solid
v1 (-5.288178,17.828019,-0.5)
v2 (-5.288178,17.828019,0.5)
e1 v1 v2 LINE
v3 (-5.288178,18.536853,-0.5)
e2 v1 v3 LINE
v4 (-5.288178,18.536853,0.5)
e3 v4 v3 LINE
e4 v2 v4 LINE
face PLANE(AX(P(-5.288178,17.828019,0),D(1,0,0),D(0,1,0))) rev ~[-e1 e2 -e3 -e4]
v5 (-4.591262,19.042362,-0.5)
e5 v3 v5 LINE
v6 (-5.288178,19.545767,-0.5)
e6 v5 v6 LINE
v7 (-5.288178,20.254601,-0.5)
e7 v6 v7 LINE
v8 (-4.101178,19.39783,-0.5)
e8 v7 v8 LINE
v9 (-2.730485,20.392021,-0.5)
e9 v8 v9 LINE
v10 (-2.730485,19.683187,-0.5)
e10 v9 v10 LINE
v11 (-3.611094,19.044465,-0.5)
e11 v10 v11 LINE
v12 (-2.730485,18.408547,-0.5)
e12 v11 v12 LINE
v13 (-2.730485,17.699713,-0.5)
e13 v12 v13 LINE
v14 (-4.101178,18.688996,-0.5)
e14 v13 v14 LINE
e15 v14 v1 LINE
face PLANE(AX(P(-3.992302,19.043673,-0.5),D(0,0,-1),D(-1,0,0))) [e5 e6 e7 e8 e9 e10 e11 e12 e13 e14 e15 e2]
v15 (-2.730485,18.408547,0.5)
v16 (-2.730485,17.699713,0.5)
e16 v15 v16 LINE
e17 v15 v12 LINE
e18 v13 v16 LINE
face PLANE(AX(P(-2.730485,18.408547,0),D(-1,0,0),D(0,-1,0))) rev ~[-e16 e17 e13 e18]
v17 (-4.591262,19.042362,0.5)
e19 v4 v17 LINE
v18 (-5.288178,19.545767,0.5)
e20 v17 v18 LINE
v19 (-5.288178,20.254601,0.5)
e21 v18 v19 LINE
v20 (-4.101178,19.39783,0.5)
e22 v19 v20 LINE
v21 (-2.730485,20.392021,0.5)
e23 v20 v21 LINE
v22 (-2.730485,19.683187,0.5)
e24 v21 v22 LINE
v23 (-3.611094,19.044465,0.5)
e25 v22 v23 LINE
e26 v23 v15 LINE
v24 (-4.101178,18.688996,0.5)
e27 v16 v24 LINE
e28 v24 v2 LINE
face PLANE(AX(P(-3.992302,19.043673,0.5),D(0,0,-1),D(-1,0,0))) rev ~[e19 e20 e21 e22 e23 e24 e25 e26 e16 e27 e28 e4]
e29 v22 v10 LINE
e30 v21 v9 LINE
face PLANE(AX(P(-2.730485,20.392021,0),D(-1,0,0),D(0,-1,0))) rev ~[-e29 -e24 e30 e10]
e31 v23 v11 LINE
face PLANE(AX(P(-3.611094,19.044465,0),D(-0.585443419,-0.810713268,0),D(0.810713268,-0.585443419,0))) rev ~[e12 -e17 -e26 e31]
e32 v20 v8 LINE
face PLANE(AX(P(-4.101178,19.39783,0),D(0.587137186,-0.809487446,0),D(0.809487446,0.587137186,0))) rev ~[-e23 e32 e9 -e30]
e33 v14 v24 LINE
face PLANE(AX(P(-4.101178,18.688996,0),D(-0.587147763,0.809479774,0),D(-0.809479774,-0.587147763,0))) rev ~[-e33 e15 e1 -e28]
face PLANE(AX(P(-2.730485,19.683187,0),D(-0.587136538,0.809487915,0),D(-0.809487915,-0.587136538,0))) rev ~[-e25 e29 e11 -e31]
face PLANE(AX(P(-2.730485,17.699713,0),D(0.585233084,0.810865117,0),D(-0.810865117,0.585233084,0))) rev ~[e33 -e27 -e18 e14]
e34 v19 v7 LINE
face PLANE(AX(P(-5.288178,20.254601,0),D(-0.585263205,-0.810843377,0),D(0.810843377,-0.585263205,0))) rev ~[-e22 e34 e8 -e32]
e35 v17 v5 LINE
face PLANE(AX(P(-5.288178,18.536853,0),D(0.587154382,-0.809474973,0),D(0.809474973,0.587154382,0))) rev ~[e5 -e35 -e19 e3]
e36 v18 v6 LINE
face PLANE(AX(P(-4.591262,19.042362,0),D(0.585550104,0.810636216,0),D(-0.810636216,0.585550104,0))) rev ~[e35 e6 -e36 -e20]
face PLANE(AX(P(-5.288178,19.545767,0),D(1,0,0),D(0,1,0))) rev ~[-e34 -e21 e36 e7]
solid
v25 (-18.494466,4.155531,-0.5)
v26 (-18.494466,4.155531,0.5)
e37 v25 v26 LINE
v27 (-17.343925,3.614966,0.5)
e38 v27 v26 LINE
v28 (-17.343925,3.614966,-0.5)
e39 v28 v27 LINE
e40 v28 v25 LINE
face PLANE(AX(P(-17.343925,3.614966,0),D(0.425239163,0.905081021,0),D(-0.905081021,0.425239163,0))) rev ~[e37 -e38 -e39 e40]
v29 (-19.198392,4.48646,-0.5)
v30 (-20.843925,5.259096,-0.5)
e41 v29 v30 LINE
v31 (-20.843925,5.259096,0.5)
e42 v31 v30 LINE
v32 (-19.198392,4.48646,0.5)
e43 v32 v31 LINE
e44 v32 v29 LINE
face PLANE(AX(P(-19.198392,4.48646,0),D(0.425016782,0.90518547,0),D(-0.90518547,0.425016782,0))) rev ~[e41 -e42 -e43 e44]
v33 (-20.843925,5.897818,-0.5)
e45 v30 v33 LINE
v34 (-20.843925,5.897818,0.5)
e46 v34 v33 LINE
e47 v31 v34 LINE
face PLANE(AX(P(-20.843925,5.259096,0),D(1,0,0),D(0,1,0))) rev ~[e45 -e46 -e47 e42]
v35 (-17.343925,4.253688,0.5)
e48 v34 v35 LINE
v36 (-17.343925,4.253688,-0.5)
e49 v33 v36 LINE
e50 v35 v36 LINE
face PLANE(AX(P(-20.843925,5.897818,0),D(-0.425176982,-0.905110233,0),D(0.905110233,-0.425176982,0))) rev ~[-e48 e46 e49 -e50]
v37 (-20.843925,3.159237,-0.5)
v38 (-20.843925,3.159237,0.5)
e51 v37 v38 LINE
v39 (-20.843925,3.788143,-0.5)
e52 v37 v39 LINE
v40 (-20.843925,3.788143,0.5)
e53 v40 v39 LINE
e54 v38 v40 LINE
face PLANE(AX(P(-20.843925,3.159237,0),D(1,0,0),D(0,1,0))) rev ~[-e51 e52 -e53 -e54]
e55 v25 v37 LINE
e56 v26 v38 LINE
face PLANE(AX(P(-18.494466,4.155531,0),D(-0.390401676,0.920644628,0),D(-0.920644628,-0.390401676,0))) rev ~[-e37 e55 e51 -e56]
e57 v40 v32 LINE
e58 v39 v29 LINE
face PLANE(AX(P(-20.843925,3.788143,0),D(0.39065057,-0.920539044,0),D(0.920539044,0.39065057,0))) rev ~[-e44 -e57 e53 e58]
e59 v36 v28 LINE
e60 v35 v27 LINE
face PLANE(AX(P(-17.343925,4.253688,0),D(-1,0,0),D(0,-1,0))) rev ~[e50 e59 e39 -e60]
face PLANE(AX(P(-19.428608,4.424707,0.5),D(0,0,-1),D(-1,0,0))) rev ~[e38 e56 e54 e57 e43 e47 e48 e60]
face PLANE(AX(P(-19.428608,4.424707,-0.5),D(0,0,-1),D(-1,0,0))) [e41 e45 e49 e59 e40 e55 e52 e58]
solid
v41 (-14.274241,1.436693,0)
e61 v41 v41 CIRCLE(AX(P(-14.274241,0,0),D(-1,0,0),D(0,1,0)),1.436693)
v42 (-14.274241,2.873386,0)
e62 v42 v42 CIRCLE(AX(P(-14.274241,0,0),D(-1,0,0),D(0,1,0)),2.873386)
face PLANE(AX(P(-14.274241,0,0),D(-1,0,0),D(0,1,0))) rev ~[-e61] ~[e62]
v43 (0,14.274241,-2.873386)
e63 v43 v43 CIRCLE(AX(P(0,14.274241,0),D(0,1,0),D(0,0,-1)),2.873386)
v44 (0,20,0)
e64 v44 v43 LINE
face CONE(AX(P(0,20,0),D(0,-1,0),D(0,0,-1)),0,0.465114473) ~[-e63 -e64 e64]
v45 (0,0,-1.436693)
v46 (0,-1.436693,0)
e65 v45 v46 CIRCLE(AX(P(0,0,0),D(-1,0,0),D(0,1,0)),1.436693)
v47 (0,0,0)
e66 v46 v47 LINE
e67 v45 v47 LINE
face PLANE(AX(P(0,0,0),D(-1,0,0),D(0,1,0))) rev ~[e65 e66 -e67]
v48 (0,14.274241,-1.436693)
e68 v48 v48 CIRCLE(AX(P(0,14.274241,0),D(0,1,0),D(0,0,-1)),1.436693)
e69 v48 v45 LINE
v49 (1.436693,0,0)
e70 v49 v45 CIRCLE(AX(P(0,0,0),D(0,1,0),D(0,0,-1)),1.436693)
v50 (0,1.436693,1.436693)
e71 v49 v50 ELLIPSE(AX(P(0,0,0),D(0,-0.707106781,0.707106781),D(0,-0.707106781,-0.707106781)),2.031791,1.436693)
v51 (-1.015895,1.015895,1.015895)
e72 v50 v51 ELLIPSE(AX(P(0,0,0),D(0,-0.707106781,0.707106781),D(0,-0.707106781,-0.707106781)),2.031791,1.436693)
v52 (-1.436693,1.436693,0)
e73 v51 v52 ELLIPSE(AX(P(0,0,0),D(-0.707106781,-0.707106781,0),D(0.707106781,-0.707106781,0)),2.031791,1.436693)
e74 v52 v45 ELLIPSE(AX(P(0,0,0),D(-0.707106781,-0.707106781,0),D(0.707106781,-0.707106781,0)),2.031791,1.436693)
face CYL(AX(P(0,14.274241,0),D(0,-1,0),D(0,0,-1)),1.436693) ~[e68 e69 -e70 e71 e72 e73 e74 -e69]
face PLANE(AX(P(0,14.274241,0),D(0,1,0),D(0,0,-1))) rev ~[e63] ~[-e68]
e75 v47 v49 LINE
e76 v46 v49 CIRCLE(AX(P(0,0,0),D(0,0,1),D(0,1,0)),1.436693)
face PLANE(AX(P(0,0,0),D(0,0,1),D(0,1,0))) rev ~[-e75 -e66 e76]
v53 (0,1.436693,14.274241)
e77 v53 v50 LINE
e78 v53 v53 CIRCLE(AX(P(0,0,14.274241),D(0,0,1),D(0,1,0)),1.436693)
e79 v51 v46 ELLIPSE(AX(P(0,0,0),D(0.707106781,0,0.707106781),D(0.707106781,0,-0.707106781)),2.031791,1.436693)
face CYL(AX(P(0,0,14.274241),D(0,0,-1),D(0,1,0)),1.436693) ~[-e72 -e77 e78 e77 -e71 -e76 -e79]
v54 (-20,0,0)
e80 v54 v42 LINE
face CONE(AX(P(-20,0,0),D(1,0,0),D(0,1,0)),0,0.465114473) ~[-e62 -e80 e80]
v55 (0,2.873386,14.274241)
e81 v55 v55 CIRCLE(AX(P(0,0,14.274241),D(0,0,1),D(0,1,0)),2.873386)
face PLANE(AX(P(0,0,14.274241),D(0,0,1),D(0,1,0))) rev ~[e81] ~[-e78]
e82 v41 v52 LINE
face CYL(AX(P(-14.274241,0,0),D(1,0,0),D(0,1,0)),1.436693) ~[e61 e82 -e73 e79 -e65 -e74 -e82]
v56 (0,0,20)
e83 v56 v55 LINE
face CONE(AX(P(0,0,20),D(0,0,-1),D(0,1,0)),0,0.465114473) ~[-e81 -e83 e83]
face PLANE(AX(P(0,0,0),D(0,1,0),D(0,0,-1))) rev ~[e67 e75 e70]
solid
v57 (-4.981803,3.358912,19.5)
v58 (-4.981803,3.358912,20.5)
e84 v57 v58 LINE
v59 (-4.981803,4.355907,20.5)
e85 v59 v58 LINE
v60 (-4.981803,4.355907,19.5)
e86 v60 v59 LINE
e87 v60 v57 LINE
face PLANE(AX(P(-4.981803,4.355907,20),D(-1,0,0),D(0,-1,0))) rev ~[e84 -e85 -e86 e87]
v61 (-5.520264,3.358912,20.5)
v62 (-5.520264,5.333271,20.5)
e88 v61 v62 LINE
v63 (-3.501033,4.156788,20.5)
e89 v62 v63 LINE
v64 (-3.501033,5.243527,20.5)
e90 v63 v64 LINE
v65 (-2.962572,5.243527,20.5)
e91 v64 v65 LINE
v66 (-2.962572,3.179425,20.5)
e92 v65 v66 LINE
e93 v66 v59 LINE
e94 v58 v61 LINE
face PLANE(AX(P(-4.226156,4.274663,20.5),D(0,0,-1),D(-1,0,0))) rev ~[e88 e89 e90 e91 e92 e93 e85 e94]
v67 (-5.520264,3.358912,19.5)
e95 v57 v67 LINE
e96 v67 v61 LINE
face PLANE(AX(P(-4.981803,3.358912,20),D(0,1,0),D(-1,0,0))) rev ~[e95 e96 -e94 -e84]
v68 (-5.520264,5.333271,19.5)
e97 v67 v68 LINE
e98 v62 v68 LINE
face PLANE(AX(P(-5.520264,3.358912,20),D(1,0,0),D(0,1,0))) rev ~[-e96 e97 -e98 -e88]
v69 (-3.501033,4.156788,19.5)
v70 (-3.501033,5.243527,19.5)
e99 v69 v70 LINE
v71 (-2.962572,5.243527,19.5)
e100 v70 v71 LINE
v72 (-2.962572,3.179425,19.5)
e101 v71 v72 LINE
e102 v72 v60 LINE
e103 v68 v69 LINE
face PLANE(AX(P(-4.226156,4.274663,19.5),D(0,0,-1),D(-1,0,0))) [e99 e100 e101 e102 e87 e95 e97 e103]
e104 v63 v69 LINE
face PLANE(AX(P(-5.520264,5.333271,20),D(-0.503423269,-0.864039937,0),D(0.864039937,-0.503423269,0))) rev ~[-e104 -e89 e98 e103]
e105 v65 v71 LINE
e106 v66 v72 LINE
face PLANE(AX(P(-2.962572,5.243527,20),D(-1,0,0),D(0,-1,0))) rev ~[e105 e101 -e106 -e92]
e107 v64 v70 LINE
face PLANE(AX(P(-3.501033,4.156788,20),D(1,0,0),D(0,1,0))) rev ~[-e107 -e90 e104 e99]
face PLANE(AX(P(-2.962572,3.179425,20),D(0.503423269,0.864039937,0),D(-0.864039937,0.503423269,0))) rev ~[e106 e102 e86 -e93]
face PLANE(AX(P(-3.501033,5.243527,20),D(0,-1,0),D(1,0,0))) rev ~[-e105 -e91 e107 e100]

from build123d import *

# Parameters (mm, degrees)
BOSS_EXTRUDE2_DEPTH   = 0.5
BOSS_EXTRUDE2_2_DEPTH = 0.5
BOSS_EXTRUDE3_START   = 20
BOSS_EXTRUDE3_DEPTH   = 0.5


with BuildPart() as part:
    # Sketch1 → Revolve1 (revolve)
    with BuildSketch(Plane.XY, mode=Mode.PRIVATE) as revolve1_sk:
        Polygon((0, 0), (0, 20), (2.873386082, 14.274240536), (1.436693041, 14.274240536), (1.436693041, 0), align=None)
    revolve(revolve1_sk.sketch.rotate(Axis((0, 0, 0), (0, 1, 0)), 90), axis=Axis((0, 0, 0), (0, 1, 0)))

    # Sketch3 → Revolve2 (revolve)
    with BuildSketch(Plane.XY):
        Polygon((0, 0), (-20, 0), (-14.274240536, 2.873386082), (-14.274240536, 1.436693041), (0, 1.436693041), align=None)
    revolve(axis=Axis((0, 0, 0), (-1, 0, 0)))

    # Sketch5 → Revolve3 (revolve)
    with BuildSketch(Plane(origin=(0, 0, 0), x_dir=(0, 0, -1), z_dir=(1, 0, 0))):
        Polygon((0, 0), (-20, 0), (-14.274240536, 2.873386082), (-14.274240536, 1.436693041), (0, 1.436693041), align=None)
    revolve(axis=Axis((0, 0, 0), (0, 0, 1)))


with BuildPart() as body_2:
    # Sketch2 → Boss-Extrude2 (new, symmetric)
    with BuildSketch(Plane.XY):
        Polygon((-5.288177524, 17.828018559), (-5.288177524, 18.536852694), (-4.59126246, 19.042361508), (-5.288177524, 19.545766957), (-5.288177524, 20.254601091), (-4.101178325, 19.397830258), (-2.730485216, 20.392020963), (-2.730485216, 19.683186829), (-3.61109419, 19.044464873), (-2.730485216, 18.408547405), (-2.730485216, 17.699713271), (-4.101178325, 18.688996123), align=None)
    extrude(amount=BOSS_EXTRUDE2_DEPTH, both=True)


with BuildPart() as body_3:
    # Sketch2 → Boss-Extrude2 2 (new, symmetric)
    with BuildSketch(Plane.XY):
        Polygon((-20.843924957, 3.159236562), (-20.843924957, 3.788142812), (-19.198392105, 4.486460119), (-20.843924957, 5.259096337), (-20.843924957, 5.897818293), (-17.343924957, 4.253687684), (-17.343924957, 3.614965728), (-18.494465823, 4.155530632), align=None)
    extrude(amount=BOSS_EXTRUDE2_2_DEPTH, both=True)


with BuildPart() as body_4:
    # Sketch7 → Boss-Extrude3 (new, symmetric)
    with BuildSketch(Plane.XY.offset(BOSS_EXTRUDE3_START)):
        Polygon((-5.520264228, 3.358911797), (-5.520264228, 5.333270772), (-3.501033458, 4.1567884), (-3.501033458, 5.243527182), (-2.96257192, 5.243527182), (-2.96257192, 3.179424618), (-4.981802689, 4.35590699), (-4.981802689, 3.358911797), align=None)
    extrude(amount=BOSS_EXTRUDE3_DEPTH, both=True)


solid = Compound([part.part, body_2.part, body_3.part, body_4.part])
